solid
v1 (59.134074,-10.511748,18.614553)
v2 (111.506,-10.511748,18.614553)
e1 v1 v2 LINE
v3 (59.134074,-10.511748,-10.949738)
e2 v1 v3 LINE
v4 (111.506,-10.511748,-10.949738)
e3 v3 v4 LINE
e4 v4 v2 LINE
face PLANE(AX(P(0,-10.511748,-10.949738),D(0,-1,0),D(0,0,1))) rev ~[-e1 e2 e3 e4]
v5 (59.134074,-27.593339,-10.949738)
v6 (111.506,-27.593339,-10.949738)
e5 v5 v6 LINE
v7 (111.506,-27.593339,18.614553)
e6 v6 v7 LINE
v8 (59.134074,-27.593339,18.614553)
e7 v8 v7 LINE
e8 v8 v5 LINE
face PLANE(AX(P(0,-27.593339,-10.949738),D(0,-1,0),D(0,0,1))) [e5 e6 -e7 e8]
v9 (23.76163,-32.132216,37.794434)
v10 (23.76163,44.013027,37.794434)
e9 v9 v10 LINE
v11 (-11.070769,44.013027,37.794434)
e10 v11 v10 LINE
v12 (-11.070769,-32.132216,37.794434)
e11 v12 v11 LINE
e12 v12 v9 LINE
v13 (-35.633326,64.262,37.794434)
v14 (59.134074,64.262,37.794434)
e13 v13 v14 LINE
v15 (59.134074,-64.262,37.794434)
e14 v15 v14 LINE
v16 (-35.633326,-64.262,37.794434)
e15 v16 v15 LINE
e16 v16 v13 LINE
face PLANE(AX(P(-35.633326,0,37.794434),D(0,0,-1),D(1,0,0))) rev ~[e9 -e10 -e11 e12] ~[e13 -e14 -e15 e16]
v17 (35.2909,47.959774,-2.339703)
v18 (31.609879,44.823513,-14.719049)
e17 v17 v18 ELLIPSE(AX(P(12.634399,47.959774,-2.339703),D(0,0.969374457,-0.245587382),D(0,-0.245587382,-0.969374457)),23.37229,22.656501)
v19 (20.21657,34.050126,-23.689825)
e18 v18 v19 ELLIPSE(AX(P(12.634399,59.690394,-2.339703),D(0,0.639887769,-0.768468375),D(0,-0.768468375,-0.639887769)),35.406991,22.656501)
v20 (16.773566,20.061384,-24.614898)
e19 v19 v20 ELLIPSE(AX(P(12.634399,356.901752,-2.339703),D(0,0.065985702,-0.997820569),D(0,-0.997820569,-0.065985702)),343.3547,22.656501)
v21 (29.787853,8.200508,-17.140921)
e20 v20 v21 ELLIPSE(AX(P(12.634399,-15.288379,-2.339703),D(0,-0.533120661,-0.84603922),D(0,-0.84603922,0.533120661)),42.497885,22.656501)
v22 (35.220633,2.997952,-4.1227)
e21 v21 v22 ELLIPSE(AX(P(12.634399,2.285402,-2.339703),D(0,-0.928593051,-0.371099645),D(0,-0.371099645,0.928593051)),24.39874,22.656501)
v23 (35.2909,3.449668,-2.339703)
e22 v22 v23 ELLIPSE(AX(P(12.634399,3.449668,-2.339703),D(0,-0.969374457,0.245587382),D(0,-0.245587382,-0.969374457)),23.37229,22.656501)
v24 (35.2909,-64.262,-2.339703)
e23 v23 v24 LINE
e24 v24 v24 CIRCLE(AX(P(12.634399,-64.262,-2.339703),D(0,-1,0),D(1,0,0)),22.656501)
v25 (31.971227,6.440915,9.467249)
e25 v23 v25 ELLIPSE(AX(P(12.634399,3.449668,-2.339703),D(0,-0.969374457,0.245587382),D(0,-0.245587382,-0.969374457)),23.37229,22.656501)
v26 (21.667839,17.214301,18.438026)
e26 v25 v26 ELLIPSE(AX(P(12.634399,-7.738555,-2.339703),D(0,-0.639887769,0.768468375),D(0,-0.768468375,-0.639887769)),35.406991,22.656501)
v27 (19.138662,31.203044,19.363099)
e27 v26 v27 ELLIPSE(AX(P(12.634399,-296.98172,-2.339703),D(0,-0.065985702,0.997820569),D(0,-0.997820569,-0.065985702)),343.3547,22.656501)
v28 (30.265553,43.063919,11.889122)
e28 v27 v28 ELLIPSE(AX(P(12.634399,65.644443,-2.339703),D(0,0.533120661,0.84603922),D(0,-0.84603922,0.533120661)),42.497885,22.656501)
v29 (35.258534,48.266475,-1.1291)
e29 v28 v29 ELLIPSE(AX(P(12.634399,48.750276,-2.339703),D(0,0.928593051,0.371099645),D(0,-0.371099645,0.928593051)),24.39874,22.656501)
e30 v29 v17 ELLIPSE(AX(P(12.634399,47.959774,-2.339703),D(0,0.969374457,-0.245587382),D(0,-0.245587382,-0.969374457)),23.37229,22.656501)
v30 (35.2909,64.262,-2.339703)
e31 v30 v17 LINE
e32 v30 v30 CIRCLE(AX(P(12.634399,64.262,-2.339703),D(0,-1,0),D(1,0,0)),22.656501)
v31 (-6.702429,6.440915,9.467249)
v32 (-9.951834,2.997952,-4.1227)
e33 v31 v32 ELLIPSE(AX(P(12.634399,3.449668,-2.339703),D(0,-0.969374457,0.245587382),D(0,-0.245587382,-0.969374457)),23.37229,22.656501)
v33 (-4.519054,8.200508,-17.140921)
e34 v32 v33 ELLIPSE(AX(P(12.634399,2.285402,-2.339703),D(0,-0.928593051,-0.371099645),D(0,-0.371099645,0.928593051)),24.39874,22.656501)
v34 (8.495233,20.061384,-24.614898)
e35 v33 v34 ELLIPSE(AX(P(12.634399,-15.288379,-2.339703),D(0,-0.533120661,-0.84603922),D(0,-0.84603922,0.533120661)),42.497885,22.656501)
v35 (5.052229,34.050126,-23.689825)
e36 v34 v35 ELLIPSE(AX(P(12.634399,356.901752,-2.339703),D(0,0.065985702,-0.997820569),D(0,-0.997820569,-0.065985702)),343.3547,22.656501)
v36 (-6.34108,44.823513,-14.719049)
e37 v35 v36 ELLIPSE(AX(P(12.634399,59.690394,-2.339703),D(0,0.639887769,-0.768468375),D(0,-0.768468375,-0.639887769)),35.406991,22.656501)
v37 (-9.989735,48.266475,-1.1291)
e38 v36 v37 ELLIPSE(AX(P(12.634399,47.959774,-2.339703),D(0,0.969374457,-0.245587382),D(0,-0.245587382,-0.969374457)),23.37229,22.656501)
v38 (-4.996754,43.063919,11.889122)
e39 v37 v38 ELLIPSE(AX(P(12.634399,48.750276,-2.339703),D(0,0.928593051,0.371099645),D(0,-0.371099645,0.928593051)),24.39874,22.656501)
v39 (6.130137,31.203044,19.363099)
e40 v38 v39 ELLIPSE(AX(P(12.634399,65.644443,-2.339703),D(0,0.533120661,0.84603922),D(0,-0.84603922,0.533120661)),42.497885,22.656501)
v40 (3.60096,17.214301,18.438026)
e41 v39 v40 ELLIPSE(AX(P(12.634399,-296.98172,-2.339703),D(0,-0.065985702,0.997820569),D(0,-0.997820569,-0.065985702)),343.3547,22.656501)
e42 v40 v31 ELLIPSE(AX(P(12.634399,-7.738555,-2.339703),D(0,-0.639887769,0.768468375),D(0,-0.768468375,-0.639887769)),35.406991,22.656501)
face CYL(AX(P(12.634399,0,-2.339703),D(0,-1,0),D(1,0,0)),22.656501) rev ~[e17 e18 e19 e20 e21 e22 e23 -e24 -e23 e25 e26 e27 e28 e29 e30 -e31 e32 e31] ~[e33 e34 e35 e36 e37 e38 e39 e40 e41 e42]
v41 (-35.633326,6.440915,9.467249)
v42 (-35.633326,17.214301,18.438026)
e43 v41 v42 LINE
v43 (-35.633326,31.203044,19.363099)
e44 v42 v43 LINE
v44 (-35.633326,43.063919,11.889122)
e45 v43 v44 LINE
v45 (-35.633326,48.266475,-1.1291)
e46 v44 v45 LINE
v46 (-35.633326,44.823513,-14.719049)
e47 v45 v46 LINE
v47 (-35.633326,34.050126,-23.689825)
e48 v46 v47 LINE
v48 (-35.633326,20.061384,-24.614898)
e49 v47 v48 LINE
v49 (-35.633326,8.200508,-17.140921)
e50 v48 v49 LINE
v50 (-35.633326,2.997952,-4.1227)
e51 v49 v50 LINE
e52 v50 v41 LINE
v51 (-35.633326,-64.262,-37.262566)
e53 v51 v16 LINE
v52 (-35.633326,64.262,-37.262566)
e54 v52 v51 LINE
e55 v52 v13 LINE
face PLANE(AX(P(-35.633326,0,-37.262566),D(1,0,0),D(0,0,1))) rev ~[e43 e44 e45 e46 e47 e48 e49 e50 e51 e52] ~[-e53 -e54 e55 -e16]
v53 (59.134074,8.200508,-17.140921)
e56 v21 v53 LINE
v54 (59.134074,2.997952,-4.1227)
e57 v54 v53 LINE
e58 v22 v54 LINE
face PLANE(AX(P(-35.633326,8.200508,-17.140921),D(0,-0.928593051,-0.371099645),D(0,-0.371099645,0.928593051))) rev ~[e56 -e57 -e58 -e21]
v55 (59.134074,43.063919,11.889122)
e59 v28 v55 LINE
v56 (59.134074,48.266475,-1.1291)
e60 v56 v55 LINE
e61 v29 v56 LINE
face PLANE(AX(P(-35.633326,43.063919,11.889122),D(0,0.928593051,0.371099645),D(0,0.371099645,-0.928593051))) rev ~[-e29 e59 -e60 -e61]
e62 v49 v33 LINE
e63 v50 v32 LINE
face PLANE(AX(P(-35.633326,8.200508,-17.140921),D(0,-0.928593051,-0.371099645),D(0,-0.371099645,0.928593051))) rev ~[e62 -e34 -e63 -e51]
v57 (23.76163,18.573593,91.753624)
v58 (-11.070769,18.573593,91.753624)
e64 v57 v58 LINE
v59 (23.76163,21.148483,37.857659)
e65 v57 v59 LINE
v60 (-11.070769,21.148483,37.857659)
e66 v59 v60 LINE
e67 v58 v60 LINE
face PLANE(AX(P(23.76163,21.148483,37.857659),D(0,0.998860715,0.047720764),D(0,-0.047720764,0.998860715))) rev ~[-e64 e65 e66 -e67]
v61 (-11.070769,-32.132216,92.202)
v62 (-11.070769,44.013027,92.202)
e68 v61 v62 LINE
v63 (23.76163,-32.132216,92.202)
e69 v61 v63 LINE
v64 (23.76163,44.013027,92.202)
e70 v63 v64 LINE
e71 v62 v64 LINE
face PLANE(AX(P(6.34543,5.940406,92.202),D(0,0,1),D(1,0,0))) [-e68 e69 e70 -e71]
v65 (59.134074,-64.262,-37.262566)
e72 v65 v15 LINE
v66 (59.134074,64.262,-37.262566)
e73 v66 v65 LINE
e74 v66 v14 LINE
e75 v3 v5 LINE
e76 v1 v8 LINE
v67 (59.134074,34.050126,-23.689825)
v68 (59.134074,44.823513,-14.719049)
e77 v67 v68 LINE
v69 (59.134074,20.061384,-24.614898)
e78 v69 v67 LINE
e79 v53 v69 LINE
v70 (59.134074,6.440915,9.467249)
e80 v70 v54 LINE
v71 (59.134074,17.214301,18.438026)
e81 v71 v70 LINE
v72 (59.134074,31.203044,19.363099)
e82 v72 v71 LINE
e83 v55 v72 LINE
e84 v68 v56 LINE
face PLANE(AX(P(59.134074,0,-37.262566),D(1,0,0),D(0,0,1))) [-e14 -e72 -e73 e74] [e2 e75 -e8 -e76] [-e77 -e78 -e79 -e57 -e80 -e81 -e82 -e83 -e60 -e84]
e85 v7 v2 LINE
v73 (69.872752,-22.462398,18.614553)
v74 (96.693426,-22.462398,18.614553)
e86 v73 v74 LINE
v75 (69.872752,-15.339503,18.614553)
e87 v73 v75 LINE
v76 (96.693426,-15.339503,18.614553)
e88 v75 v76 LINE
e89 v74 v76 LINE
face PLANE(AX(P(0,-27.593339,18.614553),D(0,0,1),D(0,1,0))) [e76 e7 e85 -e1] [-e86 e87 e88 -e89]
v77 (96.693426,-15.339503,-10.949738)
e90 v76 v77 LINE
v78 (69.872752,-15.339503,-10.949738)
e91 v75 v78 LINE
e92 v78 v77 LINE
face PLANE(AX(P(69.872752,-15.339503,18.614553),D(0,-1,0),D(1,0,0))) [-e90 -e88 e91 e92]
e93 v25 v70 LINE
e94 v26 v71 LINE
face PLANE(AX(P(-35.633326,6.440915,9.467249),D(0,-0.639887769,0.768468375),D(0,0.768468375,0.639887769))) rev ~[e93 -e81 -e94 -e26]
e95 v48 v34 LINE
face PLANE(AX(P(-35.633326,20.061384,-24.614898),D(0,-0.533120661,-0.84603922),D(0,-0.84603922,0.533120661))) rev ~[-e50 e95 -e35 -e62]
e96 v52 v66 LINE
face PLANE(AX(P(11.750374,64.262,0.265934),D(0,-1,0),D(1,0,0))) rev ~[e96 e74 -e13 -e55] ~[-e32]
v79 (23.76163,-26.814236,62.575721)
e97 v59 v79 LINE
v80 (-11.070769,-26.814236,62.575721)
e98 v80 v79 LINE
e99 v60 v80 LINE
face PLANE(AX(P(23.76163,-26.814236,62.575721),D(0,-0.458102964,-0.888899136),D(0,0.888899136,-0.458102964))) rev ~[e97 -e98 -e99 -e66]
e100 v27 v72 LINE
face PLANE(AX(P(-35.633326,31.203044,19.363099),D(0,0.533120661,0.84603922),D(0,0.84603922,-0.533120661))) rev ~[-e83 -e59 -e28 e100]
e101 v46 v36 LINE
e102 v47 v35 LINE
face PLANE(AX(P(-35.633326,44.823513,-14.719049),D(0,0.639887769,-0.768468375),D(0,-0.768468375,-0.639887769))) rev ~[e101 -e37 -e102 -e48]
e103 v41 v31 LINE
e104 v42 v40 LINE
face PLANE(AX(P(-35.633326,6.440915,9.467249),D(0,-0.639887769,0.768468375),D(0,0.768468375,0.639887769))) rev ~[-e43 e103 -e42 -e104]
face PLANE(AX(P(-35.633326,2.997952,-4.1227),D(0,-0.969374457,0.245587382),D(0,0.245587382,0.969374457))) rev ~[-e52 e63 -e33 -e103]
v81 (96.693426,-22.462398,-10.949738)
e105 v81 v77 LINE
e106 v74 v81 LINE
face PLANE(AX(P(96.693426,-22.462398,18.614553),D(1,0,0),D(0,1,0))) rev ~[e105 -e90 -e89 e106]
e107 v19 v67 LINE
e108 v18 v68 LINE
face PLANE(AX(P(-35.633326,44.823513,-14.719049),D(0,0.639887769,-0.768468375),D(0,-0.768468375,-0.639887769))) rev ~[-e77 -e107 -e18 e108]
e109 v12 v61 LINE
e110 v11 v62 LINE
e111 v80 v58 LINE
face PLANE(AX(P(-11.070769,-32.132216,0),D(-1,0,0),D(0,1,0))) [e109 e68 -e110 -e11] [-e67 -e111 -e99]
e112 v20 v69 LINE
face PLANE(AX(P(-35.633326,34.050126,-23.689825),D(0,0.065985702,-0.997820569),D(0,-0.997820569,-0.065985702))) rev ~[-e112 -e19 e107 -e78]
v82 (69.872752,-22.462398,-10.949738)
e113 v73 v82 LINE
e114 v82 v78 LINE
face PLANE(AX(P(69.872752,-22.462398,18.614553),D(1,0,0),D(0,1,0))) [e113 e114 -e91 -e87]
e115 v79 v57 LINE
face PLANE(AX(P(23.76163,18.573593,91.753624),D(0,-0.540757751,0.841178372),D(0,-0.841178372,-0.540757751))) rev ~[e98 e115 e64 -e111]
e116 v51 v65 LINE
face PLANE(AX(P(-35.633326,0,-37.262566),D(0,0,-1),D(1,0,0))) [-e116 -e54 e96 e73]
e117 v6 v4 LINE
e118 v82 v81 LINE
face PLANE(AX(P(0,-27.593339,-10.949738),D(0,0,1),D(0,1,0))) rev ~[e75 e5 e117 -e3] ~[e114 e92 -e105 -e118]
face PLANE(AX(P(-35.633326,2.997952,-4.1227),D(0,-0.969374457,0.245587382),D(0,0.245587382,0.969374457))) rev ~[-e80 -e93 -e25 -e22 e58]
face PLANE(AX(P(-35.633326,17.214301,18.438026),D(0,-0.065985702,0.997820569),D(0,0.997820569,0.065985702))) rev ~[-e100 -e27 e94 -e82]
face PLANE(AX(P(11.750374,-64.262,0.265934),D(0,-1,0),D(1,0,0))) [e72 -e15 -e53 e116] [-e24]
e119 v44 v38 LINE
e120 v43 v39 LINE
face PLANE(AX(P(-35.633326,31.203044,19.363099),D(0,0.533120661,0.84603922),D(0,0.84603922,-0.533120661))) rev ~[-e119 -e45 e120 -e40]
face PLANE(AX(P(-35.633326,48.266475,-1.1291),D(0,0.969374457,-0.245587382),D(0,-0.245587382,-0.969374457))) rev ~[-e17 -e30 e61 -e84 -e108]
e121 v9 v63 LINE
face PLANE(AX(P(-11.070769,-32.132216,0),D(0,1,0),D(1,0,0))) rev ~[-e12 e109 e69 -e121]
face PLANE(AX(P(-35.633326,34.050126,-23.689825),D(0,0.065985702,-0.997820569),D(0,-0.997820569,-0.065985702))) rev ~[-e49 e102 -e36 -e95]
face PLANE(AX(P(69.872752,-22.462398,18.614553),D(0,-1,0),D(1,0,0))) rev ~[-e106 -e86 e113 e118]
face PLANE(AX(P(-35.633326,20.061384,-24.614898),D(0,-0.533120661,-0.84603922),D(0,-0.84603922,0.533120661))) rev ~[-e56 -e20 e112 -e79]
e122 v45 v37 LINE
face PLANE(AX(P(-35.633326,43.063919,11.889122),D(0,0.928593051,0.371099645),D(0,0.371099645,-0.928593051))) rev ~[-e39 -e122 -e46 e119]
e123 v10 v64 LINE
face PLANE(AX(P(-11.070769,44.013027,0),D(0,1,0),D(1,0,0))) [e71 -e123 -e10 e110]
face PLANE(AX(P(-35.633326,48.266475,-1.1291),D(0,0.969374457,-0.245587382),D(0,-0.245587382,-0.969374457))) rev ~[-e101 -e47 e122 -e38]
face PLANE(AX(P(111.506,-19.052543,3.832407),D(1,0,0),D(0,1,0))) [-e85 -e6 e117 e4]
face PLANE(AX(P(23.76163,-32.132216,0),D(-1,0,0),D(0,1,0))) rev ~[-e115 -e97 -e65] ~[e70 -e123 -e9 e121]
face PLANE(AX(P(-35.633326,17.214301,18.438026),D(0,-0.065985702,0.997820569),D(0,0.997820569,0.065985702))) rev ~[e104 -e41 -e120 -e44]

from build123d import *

# Parameters (mm, degrees)
F0_W      = 94.7674
F0_H      = 75.057
F1_DEPTH  = 64.262
F2_W      = 34.8323993385
F2_H      = 76.1452428997
F3_DEPTH  = 92.202
F4_W      = 17.0815913007
F4_H      = 29.5642912388
F5_DEPTH  = 111.506
F6_W      = 26.8206745386
F6_H      = 7.122894749
F7_DEPTH  = 117.3734
F8_R      = 22.6565007862
F9_DEPTH  = 114.554
F11_DEPTH = 73.406
F13_DEPTH = 151.384


with BuildPart() as f1:
    # F0 (on Front) → F1 (new body, symmetric)
    with BuildSketch(Plane.XZ):
        with Locations((11.7503735555, 0.2659336123)):
            Rectangle(F0_W, F0_H)
    extrude(amount=F1_DEPTH, both=True)

    # F2 (on Top) → F3 (join)
    with BuildSketch(Plane.XY):
        with Locations((6.345430389, 5.9404056519)):
            Rectangle(F2_W, F2_H)
    extrude(amount=F3_DEPTH)

    # F4 (on Right) → F5 (join)
    with BuildSketch(Plane.YZ):
        with Locations((-19.0525432117, 3.8324072957)):
            Rectangle(F4_W, F4_H)
    extrude(amount=F5_DEPTH)

    # F6 (on face) → F7 (cut)
    with BuildSketch(Plane.XY.offset(18.6145529151)):
        with Locations((83.2830891013, -18.9009504393)):
            Rectangle(F6_W, F6_H)
    extrude(amount=-F7_DEPTH, mode=Mode.SUBTRACT)

    # F8 (on Front) → F9 (cut, symmetric)
    with BuildSketch(Plane.XZ):
        with Locations((12.634399347, -2.3397030309)):
            Circle(F8_R)
    extrude(amount=F9_DEPTH, both=True, mode=Mode.SUBTRACT)

    # F10 (on face) → F11 (cut, symmetric)
    with BuildSketch(Plane.YZ.offset(23.7616300583)):
        Polygon((18.5735931468, 91.7536235383), (-26.8142361042, 62.575721092), (21.1484832689, 37.8576591611), align=None)
    extrude(amount=F11_DEPTH, both=True, mode=Mode.SUBTRACT)

    # F12 (on face) → F13 (cut)
    with BuildSketch(Plane(origin=(-35.6333264445, 0, 0), x_dir=(0, -1, 0), z_dir=(-1, 0, 0))):
        Polygon((-2.9979522495, -4.1226996567), (-6.4409147017, 9.4672488049), (-17.2143011216, 18.4380255093), (-31.2030440708, 19.3630986611), (-43.0639192026, 11.8891217583), (-48.2664753528, -1.1291000534), (-44.8235129006, -14.719048515), (-34.0501264807, -23.6898252194), (-20.0613835315, -24.6148983712), (-8.2005083997, -17.1409214684), align=None)
    extrude(amount=-F13_DEPTH, mode=Mode.SUBTRACT)


solid = f1.part
